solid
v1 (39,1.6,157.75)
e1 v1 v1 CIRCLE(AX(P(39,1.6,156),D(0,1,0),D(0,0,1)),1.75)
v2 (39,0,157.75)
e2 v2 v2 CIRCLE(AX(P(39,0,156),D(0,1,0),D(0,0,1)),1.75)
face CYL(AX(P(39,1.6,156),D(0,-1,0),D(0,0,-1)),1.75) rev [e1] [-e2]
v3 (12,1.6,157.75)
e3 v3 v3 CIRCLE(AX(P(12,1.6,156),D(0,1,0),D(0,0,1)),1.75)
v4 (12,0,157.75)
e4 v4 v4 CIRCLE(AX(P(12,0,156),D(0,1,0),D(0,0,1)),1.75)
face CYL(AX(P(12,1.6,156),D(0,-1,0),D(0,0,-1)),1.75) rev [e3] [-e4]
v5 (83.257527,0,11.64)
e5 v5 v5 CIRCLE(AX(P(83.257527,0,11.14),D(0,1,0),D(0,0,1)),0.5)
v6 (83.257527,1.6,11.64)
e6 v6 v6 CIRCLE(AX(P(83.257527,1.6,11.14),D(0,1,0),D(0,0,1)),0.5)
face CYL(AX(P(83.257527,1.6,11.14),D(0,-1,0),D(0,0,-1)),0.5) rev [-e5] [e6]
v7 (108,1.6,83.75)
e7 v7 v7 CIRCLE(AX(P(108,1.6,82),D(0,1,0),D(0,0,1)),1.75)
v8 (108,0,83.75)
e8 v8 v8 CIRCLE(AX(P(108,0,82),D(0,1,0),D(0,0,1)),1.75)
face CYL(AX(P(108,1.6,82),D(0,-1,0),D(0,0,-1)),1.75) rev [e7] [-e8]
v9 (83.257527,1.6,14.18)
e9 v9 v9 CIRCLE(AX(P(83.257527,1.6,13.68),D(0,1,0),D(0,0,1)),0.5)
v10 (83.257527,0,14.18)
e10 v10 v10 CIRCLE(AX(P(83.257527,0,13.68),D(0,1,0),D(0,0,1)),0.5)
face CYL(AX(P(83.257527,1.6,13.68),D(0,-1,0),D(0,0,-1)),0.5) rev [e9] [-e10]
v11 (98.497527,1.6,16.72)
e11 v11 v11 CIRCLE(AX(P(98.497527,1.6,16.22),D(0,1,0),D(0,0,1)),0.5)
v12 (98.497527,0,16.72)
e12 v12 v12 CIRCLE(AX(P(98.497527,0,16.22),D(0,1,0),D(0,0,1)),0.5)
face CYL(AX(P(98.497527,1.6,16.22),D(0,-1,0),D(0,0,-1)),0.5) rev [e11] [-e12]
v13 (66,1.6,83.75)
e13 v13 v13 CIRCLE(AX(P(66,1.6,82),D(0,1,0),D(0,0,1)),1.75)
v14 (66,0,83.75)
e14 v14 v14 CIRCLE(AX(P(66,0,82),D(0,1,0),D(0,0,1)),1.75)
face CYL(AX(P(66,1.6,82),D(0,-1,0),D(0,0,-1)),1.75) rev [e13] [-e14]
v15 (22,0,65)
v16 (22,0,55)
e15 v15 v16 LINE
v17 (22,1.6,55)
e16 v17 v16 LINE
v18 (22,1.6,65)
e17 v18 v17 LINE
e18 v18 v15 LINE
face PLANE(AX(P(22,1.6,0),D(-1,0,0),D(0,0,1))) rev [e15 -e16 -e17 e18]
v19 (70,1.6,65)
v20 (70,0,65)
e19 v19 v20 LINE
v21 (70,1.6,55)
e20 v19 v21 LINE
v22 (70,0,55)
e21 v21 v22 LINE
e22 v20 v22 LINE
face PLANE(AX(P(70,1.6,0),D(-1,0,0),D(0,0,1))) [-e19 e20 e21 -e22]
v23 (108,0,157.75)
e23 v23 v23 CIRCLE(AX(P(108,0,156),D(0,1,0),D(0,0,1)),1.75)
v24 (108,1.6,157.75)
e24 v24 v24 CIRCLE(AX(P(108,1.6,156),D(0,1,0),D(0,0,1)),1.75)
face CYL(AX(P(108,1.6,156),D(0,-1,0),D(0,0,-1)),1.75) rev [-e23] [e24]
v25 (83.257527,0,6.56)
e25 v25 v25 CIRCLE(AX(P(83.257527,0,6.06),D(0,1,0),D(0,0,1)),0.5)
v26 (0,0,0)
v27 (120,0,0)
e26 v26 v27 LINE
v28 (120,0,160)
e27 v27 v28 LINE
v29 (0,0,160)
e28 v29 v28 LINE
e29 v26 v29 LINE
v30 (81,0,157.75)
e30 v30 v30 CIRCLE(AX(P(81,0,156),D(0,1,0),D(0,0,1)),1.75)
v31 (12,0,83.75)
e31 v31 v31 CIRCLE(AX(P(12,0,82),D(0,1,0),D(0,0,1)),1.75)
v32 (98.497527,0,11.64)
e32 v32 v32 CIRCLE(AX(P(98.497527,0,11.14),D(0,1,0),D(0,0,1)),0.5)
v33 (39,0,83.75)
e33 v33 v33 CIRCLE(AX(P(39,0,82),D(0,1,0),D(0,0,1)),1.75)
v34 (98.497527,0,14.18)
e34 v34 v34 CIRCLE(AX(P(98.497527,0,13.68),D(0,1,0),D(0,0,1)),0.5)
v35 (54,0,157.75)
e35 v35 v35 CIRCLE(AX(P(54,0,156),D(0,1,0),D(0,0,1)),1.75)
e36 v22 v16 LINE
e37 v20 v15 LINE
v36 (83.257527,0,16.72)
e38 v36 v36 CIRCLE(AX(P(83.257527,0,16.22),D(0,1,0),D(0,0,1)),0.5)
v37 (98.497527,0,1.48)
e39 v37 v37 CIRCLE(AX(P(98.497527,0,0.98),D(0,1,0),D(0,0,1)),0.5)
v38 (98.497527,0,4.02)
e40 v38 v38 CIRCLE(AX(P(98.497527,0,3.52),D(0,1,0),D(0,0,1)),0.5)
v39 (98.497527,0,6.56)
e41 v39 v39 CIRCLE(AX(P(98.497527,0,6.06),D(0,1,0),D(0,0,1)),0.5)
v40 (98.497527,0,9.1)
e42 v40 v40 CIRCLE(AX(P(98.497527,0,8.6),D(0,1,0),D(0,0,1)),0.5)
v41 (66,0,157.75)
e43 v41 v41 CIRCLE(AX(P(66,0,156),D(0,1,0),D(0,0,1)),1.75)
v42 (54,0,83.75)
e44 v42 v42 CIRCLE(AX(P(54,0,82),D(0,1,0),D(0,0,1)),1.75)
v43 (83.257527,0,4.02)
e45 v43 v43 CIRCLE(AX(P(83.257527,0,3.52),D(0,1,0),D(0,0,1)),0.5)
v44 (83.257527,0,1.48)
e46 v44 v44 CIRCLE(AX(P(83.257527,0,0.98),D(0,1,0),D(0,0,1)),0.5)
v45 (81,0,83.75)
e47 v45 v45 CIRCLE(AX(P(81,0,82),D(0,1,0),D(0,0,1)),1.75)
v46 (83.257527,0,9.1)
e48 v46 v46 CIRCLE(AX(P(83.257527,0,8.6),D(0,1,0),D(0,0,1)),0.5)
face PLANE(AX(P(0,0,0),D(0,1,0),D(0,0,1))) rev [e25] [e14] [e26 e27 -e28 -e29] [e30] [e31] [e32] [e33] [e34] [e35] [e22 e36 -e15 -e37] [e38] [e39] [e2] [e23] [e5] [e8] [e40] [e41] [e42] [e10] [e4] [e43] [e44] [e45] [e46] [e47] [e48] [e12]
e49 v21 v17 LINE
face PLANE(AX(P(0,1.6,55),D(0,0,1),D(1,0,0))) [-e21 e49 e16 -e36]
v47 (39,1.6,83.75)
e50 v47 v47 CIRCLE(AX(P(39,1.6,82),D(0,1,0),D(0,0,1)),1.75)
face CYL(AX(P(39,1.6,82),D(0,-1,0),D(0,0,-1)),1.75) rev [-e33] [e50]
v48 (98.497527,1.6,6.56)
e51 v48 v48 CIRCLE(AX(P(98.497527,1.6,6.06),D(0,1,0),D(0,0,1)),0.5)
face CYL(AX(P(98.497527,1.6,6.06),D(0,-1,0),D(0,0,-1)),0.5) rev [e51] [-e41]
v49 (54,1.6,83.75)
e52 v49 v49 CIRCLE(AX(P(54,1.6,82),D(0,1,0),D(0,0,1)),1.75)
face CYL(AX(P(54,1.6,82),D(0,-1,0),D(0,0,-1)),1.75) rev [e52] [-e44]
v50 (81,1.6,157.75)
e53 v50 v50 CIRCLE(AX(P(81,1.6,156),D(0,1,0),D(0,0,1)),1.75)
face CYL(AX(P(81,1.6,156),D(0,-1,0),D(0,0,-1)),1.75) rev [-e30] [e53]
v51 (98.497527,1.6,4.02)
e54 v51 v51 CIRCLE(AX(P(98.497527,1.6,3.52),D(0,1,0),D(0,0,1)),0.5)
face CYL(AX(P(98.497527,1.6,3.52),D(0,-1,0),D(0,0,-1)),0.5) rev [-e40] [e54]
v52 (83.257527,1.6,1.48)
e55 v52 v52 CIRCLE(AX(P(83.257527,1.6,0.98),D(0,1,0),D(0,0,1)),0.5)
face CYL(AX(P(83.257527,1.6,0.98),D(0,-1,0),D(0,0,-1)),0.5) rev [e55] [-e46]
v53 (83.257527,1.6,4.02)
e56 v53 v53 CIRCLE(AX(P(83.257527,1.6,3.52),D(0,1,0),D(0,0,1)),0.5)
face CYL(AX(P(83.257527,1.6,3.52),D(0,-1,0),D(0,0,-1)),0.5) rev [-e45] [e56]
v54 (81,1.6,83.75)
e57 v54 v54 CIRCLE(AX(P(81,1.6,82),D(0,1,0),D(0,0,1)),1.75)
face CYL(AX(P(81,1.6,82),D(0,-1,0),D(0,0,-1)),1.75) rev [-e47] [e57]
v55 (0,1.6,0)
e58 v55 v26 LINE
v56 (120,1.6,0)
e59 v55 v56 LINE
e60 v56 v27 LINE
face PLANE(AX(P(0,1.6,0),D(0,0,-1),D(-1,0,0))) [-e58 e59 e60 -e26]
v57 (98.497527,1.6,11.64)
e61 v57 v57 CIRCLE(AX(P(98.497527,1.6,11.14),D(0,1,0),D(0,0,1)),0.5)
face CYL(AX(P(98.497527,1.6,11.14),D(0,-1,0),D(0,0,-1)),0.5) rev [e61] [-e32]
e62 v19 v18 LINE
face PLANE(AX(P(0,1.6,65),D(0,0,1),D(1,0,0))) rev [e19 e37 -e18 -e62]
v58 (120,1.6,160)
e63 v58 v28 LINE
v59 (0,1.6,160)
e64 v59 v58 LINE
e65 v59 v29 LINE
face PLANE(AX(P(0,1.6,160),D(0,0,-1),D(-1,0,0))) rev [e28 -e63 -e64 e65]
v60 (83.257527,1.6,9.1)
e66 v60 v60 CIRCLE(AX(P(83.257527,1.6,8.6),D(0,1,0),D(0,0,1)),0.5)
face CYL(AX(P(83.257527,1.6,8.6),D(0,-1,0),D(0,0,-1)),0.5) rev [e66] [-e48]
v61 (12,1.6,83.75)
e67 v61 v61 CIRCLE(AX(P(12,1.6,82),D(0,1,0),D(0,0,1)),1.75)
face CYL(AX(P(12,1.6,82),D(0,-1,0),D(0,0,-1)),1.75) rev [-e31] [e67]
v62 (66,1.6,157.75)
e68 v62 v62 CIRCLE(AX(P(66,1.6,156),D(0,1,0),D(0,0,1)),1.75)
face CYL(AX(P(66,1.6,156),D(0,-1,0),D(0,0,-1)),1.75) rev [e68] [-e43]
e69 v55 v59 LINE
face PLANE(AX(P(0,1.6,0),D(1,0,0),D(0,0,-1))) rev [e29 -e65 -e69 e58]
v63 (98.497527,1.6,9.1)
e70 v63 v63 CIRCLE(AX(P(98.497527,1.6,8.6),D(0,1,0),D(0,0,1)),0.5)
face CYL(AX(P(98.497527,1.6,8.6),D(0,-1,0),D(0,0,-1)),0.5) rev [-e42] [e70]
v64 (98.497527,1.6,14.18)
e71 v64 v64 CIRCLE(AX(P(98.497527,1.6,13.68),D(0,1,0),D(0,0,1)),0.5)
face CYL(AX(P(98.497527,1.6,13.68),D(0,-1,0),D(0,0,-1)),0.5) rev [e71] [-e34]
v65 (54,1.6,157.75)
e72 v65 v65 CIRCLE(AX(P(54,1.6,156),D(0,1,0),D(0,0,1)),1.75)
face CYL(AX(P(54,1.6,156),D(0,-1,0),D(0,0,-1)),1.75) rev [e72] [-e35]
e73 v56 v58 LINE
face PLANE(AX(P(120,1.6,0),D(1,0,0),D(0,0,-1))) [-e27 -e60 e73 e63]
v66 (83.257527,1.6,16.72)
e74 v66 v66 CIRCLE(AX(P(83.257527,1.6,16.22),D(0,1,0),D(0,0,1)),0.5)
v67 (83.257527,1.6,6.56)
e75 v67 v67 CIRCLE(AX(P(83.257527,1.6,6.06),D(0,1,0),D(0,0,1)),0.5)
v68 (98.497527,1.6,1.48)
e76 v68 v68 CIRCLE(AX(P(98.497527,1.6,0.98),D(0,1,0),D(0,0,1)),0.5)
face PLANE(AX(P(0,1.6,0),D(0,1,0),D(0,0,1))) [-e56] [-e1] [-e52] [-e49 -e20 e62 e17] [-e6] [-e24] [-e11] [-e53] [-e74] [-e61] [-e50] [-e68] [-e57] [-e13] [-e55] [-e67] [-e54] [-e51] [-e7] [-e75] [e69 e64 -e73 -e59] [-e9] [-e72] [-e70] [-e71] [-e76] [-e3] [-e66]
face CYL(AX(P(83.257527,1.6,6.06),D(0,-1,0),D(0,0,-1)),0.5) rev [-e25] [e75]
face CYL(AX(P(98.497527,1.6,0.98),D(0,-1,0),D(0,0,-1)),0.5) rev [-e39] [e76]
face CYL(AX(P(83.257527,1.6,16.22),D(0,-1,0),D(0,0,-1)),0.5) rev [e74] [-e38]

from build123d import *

# Parameters (mm, degrees)
SKETCH1_W           = 120
SKETCH1_H           = 160
SKETCH1_W_2         = 48
SKETCH1_H_2         = 10
SKETCH1_R           = 0.5
SKETCH1_R_2         = 1.75
BOSS_EXTRUDE2_DEPTH = 1.6


with BuildPart() as part:
    # Sketch1 → Boss-Extrude2 (new body)
    with BuildSketch(Plane(origin=(0, 0, 0), x_dir=(1, 0, 0), z_dir=(0, 1, 0))):
        with Locations((60, -80)):
            Rectangle(SKETCH1_W, SKETCH1_H)
        with Locations((46, -60)):
            Rectangle(SKETCH1_W_2, SKETCH1_H_2, mode=Mode.SUBTRACT)
        with Locations((98.497526801, -6.06)):
            Circle(SKETCH1_R, mode=Mode.SUBTRACT)
        with Locations((98.497526801, -3.52)):
            Circle(SKETCH1_R, mode=Mode.SUBTRACT)
        with Locations((98.497526801, -0.98)):
            Circle(SKETCH1_R, mode=Mode.SUBTRACT)
        with Locations((83.257526801, -16.22)):
            Circle(SKETCH1_R, mode=Mode.SUBTRACT)
        with Locations((83.257526801, -13.68)):
            Circle(SKETCH1_R, mode=Mode.SUBTRACT)
        with Locations((83.257526801, -11.14)):
            Circle(SKETCH1_R, mode=Mode.SUBTRACT)
        with Locations((83.257526801, -8.6)):
            Circle(SKETCH1_R, mode=Mode.SUBTRACT)
        with Locations((83.257526801, -6.06)):
            Circle(SKETCH1_R, mode=Mode.SUBTRACT)
        with Locations((83.257526801, -3.52)):
            Circle(SKETCH1_R, mode=Mode.SUBTRACT)
        with Locations((83.257526801, -0.98)):
            Circle(SKETCH1_R, mode=Mode.SUBTRACT)
        with Locations((98.497526801, -16.22)):
            Circle(SKETCH1_R, mode=Mode.SUBTRACT)
        with Locations((98.497526801, -13.68)):
            Circle(SKETCH1_R, mode=Mode.SUBTRACT)
        with Locations((98.497526801, -11.14)):
            Circle(SKETCH1_R, mode=Mode.SUBTRACT)
        with Locations((98.497526801, -8.6)):
            Circle(SKETCH1_R, mode=Mode.SUBTRACT)
        with Locations((12, -82)):
            Circle(SKETCH1_R_2, mode=Mode.SUBTRACT)
        with Locations((12, -156)):
            Circle(SKETCH1_R_2, mode=Mode.SUBTRACT)
        with Locations((54, -82)):
            Circle(SKETCH1_R_2, mode=Mode.SUBTRACT)
        with Locations((39, -82)):
            Circle(SKETCH1_R_2, mode=Mode.SUBTRACT)
        with Locations((39, -156)):
            Circle(SKETCH1_R_2, mode=Mode.SUBTRACT)
        with Locations((54, -156)):
            Circle(SKETCH1_R_2, mode=Mode.SUBTRACT)
        with Locations((108, -82)):
            Circle(SKETCH1_R_2, mode=Mode.SUBTRACT)
        with Locations((108, -156)):
            Circle(SKETCH1_R_2, mode=Mode.SUBTRACT)
        with Locations((66, -82)):
            Circle(SKETCH1_R_2, mode=Mode.SUBTRACT)
        with Locations((81, -156)):
            Circle(SKETCH1_R_2, mode=Mode.SUBTRACT)
        with Locations((81, -82)):
            Circle(SKETCH1_R_2, mode=Mode.SUBTRACT)
        with Locations((66, -156)):
            Circle(SKETCH1_R_2, mode=Mode.SUBTRACT)
    extrude(amount=BOSS_EXTRUDE2_DEPTH)


solid = part.part
